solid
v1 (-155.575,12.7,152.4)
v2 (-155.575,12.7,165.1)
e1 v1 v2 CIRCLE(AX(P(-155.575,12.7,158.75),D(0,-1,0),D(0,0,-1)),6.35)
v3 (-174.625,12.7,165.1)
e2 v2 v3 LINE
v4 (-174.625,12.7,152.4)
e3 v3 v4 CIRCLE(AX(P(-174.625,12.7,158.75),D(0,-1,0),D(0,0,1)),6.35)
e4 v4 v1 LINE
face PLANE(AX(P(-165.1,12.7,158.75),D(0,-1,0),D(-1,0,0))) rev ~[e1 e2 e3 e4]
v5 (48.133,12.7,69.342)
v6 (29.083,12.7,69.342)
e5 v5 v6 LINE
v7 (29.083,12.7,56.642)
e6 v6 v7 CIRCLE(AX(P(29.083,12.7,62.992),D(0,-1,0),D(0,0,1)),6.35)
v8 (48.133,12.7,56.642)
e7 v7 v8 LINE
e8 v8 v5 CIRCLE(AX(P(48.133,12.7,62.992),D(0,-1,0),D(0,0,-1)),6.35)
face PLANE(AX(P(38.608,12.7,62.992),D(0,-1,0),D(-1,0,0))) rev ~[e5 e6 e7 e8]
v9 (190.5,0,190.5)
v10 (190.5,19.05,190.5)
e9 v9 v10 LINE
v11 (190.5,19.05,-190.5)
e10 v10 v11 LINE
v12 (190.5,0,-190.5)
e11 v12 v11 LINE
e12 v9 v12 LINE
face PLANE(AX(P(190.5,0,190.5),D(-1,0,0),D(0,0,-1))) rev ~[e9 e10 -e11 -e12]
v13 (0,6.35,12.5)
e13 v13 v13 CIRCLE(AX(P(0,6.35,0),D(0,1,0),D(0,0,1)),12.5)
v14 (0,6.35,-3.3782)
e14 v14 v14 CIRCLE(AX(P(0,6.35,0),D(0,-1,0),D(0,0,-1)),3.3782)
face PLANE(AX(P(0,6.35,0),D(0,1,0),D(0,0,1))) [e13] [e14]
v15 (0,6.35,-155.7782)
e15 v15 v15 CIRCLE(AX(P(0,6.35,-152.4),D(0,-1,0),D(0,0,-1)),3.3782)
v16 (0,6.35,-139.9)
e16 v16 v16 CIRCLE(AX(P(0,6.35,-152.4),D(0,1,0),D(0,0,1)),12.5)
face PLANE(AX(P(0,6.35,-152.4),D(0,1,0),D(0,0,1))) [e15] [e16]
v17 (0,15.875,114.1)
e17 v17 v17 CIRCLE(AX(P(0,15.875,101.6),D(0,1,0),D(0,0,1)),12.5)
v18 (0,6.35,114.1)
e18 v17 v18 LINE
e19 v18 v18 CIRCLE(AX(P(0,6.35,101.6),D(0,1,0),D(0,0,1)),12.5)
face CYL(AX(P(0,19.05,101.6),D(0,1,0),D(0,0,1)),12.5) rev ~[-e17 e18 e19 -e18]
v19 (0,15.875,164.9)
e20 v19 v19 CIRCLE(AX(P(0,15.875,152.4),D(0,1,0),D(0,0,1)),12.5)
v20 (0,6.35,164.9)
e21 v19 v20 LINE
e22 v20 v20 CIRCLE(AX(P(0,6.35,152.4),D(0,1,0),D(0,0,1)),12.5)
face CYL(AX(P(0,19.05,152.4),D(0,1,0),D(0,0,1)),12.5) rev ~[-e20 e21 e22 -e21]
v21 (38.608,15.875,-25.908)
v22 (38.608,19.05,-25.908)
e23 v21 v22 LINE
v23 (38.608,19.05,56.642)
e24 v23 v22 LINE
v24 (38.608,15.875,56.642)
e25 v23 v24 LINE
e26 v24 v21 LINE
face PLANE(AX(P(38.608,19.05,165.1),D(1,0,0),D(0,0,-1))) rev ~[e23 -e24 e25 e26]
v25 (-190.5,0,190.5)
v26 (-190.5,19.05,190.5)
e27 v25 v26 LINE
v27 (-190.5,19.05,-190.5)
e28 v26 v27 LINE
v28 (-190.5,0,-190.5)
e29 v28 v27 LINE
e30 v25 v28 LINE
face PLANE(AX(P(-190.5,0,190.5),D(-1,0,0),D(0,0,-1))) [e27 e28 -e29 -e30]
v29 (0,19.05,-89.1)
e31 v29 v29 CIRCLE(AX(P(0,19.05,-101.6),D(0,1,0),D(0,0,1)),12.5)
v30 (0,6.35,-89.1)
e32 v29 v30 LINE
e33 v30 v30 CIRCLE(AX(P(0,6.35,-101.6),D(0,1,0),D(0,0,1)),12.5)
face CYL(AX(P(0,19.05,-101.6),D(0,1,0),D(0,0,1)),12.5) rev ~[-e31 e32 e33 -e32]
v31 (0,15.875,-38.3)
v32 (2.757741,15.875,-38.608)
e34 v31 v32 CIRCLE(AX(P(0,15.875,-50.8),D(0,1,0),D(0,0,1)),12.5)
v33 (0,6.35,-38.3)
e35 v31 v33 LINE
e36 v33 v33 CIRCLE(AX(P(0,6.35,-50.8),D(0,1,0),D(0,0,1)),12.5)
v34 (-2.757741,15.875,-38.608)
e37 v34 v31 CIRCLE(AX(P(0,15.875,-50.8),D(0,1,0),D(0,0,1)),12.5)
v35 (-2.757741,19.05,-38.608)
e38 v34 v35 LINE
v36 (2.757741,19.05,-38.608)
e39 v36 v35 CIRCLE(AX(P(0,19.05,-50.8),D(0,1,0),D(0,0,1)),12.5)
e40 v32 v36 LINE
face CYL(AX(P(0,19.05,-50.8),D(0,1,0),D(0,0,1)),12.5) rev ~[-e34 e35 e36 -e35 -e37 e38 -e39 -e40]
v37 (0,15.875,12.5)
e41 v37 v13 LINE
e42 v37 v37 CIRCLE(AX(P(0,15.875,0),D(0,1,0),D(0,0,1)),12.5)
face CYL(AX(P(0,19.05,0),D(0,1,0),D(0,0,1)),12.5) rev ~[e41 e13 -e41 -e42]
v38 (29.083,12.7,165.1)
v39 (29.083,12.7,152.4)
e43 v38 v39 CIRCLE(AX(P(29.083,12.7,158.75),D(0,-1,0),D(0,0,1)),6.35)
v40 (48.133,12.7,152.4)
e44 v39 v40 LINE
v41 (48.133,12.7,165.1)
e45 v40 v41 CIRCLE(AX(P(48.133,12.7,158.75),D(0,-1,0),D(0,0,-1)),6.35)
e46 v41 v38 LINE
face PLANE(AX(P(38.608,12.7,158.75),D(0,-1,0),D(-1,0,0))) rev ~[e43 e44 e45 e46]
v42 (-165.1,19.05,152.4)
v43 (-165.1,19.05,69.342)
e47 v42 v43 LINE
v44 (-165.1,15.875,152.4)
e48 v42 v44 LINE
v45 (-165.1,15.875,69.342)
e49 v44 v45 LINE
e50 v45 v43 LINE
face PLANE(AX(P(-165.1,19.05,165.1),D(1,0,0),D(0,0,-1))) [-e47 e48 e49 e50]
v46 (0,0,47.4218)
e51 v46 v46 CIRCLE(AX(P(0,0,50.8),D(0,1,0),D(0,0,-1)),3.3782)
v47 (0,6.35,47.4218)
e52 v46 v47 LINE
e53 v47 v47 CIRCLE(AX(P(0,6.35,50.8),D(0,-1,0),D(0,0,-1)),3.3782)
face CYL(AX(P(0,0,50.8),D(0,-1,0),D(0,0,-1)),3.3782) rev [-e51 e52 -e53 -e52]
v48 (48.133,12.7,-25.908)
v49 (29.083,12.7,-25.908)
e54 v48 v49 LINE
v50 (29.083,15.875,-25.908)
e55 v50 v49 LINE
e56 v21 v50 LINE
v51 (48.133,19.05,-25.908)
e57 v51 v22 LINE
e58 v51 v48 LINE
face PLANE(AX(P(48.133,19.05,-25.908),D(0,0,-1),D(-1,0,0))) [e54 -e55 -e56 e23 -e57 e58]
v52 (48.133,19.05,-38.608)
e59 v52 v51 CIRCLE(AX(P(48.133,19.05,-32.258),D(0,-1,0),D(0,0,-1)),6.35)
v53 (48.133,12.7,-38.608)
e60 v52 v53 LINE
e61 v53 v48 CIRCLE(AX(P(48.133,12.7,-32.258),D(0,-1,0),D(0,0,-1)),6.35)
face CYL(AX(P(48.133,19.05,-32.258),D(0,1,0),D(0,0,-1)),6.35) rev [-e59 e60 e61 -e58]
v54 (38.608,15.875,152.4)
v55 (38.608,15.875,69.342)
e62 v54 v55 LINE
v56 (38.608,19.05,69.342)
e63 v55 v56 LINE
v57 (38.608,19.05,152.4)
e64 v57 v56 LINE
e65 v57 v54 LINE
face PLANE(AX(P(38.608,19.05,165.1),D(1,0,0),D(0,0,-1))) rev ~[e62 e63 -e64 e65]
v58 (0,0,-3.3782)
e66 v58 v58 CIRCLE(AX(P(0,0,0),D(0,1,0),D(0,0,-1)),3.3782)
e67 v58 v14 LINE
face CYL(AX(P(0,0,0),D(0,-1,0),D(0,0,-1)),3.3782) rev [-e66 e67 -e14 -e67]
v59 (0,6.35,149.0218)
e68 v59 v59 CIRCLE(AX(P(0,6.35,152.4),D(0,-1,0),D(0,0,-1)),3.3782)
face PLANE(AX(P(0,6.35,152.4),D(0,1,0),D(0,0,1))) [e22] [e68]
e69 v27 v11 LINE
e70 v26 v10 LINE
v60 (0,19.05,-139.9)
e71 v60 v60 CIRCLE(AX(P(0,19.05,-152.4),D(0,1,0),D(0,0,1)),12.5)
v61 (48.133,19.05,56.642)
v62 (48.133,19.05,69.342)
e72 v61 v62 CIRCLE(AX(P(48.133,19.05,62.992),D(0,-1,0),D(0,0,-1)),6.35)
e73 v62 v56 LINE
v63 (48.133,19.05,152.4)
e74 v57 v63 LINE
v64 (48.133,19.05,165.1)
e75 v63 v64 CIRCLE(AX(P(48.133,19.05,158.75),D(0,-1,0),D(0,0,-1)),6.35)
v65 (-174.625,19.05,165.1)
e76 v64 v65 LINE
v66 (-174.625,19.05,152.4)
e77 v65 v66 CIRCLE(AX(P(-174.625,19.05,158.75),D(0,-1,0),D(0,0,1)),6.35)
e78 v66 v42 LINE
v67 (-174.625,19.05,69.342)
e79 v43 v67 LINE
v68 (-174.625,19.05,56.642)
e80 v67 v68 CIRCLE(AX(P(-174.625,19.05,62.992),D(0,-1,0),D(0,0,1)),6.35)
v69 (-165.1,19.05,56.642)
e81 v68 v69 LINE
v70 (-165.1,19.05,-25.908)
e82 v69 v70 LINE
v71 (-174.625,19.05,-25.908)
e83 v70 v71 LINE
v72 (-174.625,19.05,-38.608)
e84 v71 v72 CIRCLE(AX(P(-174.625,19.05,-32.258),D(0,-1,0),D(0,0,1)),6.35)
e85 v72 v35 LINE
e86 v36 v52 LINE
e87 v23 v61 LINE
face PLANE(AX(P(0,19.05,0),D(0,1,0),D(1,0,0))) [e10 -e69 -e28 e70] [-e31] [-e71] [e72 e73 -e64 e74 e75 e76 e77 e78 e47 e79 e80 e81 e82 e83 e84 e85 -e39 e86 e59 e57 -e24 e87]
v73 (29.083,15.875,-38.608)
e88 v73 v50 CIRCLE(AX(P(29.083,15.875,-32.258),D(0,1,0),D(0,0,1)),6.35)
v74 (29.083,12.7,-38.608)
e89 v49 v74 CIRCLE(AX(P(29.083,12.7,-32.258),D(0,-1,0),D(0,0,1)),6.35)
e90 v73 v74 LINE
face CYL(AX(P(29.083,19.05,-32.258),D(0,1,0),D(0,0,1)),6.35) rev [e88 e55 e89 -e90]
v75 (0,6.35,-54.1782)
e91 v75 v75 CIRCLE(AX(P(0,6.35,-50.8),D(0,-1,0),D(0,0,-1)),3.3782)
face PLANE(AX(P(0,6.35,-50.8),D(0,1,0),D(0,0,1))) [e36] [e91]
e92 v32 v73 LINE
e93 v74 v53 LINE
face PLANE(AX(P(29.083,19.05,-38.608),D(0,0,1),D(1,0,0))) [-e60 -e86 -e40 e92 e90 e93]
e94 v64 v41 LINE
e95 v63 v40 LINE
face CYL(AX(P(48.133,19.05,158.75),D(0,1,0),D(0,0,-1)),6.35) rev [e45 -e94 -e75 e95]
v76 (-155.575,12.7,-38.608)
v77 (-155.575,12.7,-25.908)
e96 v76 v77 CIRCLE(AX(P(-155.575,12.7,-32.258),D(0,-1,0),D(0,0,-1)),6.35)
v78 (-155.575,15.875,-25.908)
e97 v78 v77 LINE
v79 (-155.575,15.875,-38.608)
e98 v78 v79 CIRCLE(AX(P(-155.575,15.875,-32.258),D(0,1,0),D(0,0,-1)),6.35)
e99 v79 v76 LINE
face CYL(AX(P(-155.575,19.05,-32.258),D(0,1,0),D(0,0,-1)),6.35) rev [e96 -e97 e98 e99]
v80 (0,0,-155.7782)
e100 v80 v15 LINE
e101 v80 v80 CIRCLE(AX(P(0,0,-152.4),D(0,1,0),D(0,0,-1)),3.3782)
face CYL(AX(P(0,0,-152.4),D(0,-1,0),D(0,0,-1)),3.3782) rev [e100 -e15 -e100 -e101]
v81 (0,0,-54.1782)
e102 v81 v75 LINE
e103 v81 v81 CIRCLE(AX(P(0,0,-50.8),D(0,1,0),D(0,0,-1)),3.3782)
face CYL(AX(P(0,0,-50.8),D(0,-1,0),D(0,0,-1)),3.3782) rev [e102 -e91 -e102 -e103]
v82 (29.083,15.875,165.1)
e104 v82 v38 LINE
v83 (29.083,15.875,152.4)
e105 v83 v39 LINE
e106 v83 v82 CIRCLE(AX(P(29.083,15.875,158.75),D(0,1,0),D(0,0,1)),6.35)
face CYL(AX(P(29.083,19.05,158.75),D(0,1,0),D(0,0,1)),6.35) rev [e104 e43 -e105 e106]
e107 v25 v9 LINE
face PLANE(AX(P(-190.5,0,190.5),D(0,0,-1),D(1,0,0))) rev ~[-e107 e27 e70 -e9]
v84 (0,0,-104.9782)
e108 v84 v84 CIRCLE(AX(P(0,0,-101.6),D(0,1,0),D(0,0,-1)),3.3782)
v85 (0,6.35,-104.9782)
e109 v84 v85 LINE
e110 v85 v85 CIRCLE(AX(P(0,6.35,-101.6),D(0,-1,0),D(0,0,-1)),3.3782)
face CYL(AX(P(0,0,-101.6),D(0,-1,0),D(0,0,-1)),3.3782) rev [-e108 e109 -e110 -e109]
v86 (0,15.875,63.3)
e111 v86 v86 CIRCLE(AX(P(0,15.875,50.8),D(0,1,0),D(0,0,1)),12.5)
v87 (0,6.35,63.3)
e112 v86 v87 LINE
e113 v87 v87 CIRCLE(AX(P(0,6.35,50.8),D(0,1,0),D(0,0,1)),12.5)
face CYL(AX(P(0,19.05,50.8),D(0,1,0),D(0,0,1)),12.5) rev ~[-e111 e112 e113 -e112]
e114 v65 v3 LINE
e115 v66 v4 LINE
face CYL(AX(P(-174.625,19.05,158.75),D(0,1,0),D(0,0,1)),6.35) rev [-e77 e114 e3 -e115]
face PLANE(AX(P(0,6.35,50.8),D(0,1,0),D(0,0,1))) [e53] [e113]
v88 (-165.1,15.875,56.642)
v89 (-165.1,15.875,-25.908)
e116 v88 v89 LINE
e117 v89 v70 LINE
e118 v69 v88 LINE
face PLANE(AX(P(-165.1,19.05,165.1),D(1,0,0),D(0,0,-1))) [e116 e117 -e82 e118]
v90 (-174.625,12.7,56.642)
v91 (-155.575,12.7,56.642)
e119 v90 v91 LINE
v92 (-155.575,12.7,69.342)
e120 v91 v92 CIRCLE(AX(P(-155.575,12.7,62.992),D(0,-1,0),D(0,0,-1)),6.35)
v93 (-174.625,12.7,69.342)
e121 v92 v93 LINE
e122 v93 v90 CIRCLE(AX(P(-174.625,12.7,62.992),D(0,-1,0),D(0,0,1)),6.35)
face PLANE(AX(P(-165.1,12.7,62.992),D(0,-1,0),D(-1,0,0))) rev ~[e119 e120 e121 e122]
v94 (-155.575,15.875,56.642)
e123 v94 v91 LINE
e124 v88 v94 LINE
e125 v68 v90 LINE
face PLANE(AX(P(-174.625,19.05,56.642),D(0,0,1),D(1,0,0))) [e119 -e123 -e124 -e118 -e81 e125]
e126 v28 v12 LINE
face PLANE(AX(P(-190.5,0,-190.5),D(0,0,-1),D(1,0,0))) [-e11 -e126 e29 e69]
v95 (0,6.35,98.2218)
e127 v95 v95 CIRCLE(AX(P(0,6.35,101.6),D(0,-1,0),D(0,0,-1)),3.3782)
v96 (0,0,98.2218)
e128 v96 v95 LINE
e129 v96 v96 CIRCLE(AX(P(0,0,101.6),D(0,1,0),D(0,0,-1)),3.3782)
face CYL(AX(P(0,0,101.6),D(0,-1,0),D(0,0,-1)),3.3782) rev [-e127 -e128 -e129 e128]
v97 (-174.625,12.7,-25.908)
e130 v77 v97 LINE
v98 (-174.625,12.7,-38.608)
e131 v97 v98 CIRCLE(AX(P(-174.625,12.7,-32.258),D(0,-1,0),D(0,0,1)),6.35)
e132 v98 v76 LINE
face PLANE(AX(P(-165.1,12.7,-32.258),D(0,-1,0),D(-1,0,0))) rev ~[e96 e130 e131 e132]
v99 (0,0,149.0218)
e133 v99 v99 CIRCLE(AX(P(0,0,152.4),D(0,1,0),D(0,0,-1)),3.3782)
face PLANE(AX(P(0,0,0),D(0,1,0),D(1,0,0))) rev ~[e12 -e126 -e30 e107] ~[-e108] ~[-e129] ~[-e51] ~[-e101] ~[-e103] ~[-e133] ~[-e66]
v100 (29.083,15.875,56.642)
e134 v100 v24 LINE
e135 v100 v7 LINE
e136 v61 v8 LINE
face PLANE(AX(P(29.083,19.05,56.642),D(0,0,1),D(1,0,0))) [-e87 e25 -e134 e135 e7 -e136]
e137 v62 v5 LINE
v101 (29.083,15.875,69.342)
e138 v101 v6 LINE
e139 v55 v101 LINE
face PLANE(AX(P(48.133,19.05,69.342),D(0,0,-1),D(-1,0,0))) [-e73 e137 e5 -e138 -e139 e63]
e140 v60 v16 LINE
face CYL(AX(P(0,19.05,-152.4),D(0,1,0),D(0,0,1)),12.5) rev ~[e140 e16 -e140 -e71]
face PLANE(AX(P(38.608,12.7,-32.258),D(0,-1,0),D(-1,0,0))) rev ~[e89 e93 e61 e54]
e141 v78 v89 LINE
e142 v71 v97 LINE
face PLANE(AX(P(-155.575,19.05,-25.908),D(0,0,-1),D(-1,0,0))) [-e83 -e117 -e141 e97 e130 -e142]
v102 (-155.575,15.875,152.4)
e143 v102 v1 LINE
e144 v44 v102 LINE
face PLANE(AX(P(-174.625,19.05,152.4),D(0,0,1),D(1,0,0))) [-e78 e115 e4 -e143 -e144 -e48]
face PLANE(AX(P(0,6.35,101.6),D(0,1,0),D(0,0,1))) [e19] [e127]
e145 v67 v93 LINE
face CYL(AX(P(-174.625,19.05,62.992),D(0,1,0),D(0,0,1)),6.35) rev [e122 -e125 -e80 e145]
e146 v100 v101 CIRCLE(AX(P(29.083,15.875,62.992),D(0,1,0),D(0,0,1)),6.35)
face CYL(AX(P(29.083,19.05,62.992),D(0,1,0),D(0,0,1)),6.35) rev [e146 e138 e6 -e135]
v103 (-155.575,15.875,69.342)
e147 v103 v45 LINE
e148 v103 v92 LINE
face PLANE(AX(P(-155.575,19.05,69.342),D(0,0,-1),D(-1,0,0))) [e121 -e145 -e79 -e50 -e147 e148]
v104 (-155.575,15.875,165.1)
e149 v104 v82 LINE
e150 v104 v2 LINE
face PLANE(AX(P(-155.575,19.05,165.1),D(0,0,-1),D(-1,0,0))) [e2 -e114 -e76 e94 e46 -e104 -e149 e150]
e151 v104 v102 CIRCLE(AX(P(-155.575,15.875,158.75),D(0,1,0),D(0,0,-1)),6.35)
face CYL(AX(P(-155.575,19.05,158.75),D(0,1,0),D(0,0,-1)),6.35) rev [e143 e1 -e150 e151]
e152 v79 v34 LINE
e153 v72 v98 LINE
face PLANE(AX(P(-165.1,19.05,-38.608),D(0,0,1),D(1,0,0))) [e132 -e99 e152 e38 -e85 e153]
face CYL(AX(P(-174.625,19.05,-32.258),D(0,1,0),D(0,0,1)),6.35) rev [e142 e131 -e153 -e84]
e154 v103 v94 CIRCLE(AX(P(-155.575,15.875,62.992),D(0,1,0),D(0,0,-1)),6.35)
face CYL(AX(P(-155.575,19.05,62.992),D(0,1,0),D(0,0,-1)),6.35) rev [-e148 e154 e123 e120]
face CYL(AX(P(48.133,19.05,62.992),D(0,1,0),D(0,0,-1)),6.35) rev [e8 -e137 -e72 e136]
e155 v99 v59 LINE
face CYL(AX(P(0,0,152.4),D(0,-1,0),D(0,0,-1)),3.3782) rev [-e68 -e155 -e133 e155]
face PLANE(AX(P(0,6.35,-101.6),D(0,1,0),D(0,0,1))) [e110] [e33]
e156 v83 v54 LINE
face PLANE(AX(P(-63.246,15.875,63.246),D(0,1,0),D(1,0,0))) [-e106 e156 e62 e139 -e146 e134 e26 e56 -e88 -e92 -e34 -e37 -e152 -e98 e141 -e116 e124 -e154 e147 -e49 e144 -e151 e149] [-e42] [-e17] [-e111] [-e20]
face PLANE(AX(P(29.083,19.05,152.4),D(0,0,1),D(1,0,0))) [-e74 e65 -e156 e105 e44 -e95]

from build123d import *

# Parameters (mm, degrees)
SKETCH2_W         = 381
SKETCH2_H         = 381
SKETCH2_R         = 3.3782
BOLT_HOLES_DEPTH  = 19.05
SKETCH3_R         = 12.5
COUNTERBORE_DEPTH = 12.7
SKETCH4_W         = 203.708
SKETCH4_H         = 203.708
AL_POCKET_DEPTH   = 3.175
RELIEF_DEPTH      = 6.35


with BuildPart() as part:
    # Sketch2 → Bolt Holes (new body)
    with BuildSketch(Plane(origin=(0, 0, 0), x_dir=(1, 0, 0), z_dir=(0, 1, 0))):
        Rectangle(SKETCH2_W, SKETCH2_H)
        with Locations(Location((0, 0, 0), (0, 0, 90))):
            Circle(SKETCH2_R, mode=Mode.SUBTRACT)
        with Locations(Location((0, 50.8, 0), (0, 0, 90))):
            Circle(SKETCH2_R, mode=Mode.SUBTRACT)
        with Locations(Location((0, 101.6, 0), (0, 0, 90))):
            Circle(SKETCH2_R, mode=Mode.SUBTRACT)
        with Locations(Location((0, 152.4, 0), (0, 0, 90))):
            Circle(SKETCH2_R, mode=Mode.SUBTRACT)
        with Locations(Location((0, -50.8, 0), (0, 0, 90))):
            Circle(SKETCH2_R, mode=Mode.SUBTRACT)
        with Locations(Location((0, -101.6, 0), (0, 0, 90))):
            Circle(SKETCH2_R, mode=Mode.SUBTRACT)
        with Locations(Location((0, -152.4, 0), (0, 0, 90))):
            Circle(SKETCH2_R, mode=Mode.SUBTRACT)
    extrude(amount=BOLT_HOLES_DEPTH)

    # Sketch3 → Counterbore (cut)
    with BuildSketch(Plane(origin=(0, 19.05, 0), x_dir=(1, 0, 0), z_dir=(0, 1, 0))):
        with Locations(Location((0, -50.8, 0), (0, 0, 270))):
            Circle(SKETCH3_R)
        with Locations(Location((0, 0, 0), (0, 0, 270))):
            Circle(SKETCH3_R)
        with Locations(Location((0, -101.6, 0), (0, 0, 270))):
            Circle(SKETCH3_R)
        with Locations(Location((0, 50.8, 0), (0, 0, 270))):
            Circle(SKETCH3_R)
        with Locations(Location((0, 101.6, 0), (0, 0, 270))):
            Circle(SKETCH3_R)
        with Locations(Location((0, 152.4, 0), (0, 0, 270))):
            Circle(SKETCH3_R)
        with Locations(Location((0, -152.4, 0), (0, 0, 270))):
            Circle(SKETCH3_R)
    extrude(amount=-COUNTERBORE_DEPTH, mode=Mode.SUBTRACT)

    # Sketch4 → al_pocket (cut)
    with BuildSketch(Plane(origin=(0, 19.05, 0), x_dir=(1, 0, 0), z_dir=(0, 1, 0))):
        with Locations((-63.246, -63.246)):
            Rectangle(SKETCH4_W, SKETCH4_H)
    extrude(amount=-AL_POCKET_DEPTH, mode=Mode.SUBTRACT)

    # Sketch5 → Relief (cut)
    with BuildSketch(Plane(origin=(0, 19.05, 0), x_dir=(1, 0, 0), z_dir=(0, 1, 0))):
        with BuildLine():
            Line((-174.625, 38.608), (-155.575, 38.608))
            ThreePointArc((-155.575, 38.608), (-149.225, 32.258), (-155.575, 25.908))
            Line((-155.575, 25.908), (-174.625, 25.908))
            ThreePointArc((-174.625, 25.908), (-180.975, 32.258), (-174.625, 38.608))
        make_face()
        with BuildLine():
            Line((-174.625, -152.4), (-155.575, -152.4))
            ThreePointArc((-155.575, -152.4), (-149.225, -158.75), (-155.575, -165.1))
            Line((-155.575, -165.1), (-174.625, -165.1))
            ThreePointArc((-174.625, -165.1), (-180.975, -158.75), (-174.625, -152.4))
        make_face()
        with BuildLine():
            Line((-174.625, -56.642), (-155.575, -56.642))
            ThreePointArc((-155.575, -56.642), (-149.225, -62.992), (-155.575, -69.342))
            Line((-155.575, -69.342), (-174.625, -69.342))
            ThreePointArc((-174.625, -69.342), (-180.975, -62.992), (-174.625, -56.642))
        make_face()
        with BuildLine():
            Line((29.083, 38.608), (48.133, 38.608))
            ThreePointArc((48.133, 38.608), (54.483, 32.258), (48.133, 25.908))
            Line((48.133, 25.908), (29.083, 25.908))
            ThreePointArc((29.083, 25.908), (22.733, 32.258), (29.083, 38.608))
        make_face()
        with BuildLine():
            Line((29.083, -152.4), (48.133, -152.4))
            ThreePointArc((48.133, -152.4), (54.483, -158.75), (48.133, -165.1))
            Line((48.133, -165.1), (29.083, -165.1))
            ThreePointArc((29.083, -165.1), (22.733, -158.75), (29.083, -152.4))
        make_face()
        with BuildLine():
            Line((29.083, -56.642), (48.133, -56.642))
            ThreePointArc((48.133, -56.642), (54.483, -62.992), (48.133, -69.342))
            Line((48.133, -69.342), (29.083, -69.342))
            ThreePointArc((29.083, -69.342), (22.733, -62.992), (29.083, -56.642))
        make_face()
    extrude(amount=-RELIEF_DEPTH, mode=Mode.SUBTRACT)


solid = part.part
